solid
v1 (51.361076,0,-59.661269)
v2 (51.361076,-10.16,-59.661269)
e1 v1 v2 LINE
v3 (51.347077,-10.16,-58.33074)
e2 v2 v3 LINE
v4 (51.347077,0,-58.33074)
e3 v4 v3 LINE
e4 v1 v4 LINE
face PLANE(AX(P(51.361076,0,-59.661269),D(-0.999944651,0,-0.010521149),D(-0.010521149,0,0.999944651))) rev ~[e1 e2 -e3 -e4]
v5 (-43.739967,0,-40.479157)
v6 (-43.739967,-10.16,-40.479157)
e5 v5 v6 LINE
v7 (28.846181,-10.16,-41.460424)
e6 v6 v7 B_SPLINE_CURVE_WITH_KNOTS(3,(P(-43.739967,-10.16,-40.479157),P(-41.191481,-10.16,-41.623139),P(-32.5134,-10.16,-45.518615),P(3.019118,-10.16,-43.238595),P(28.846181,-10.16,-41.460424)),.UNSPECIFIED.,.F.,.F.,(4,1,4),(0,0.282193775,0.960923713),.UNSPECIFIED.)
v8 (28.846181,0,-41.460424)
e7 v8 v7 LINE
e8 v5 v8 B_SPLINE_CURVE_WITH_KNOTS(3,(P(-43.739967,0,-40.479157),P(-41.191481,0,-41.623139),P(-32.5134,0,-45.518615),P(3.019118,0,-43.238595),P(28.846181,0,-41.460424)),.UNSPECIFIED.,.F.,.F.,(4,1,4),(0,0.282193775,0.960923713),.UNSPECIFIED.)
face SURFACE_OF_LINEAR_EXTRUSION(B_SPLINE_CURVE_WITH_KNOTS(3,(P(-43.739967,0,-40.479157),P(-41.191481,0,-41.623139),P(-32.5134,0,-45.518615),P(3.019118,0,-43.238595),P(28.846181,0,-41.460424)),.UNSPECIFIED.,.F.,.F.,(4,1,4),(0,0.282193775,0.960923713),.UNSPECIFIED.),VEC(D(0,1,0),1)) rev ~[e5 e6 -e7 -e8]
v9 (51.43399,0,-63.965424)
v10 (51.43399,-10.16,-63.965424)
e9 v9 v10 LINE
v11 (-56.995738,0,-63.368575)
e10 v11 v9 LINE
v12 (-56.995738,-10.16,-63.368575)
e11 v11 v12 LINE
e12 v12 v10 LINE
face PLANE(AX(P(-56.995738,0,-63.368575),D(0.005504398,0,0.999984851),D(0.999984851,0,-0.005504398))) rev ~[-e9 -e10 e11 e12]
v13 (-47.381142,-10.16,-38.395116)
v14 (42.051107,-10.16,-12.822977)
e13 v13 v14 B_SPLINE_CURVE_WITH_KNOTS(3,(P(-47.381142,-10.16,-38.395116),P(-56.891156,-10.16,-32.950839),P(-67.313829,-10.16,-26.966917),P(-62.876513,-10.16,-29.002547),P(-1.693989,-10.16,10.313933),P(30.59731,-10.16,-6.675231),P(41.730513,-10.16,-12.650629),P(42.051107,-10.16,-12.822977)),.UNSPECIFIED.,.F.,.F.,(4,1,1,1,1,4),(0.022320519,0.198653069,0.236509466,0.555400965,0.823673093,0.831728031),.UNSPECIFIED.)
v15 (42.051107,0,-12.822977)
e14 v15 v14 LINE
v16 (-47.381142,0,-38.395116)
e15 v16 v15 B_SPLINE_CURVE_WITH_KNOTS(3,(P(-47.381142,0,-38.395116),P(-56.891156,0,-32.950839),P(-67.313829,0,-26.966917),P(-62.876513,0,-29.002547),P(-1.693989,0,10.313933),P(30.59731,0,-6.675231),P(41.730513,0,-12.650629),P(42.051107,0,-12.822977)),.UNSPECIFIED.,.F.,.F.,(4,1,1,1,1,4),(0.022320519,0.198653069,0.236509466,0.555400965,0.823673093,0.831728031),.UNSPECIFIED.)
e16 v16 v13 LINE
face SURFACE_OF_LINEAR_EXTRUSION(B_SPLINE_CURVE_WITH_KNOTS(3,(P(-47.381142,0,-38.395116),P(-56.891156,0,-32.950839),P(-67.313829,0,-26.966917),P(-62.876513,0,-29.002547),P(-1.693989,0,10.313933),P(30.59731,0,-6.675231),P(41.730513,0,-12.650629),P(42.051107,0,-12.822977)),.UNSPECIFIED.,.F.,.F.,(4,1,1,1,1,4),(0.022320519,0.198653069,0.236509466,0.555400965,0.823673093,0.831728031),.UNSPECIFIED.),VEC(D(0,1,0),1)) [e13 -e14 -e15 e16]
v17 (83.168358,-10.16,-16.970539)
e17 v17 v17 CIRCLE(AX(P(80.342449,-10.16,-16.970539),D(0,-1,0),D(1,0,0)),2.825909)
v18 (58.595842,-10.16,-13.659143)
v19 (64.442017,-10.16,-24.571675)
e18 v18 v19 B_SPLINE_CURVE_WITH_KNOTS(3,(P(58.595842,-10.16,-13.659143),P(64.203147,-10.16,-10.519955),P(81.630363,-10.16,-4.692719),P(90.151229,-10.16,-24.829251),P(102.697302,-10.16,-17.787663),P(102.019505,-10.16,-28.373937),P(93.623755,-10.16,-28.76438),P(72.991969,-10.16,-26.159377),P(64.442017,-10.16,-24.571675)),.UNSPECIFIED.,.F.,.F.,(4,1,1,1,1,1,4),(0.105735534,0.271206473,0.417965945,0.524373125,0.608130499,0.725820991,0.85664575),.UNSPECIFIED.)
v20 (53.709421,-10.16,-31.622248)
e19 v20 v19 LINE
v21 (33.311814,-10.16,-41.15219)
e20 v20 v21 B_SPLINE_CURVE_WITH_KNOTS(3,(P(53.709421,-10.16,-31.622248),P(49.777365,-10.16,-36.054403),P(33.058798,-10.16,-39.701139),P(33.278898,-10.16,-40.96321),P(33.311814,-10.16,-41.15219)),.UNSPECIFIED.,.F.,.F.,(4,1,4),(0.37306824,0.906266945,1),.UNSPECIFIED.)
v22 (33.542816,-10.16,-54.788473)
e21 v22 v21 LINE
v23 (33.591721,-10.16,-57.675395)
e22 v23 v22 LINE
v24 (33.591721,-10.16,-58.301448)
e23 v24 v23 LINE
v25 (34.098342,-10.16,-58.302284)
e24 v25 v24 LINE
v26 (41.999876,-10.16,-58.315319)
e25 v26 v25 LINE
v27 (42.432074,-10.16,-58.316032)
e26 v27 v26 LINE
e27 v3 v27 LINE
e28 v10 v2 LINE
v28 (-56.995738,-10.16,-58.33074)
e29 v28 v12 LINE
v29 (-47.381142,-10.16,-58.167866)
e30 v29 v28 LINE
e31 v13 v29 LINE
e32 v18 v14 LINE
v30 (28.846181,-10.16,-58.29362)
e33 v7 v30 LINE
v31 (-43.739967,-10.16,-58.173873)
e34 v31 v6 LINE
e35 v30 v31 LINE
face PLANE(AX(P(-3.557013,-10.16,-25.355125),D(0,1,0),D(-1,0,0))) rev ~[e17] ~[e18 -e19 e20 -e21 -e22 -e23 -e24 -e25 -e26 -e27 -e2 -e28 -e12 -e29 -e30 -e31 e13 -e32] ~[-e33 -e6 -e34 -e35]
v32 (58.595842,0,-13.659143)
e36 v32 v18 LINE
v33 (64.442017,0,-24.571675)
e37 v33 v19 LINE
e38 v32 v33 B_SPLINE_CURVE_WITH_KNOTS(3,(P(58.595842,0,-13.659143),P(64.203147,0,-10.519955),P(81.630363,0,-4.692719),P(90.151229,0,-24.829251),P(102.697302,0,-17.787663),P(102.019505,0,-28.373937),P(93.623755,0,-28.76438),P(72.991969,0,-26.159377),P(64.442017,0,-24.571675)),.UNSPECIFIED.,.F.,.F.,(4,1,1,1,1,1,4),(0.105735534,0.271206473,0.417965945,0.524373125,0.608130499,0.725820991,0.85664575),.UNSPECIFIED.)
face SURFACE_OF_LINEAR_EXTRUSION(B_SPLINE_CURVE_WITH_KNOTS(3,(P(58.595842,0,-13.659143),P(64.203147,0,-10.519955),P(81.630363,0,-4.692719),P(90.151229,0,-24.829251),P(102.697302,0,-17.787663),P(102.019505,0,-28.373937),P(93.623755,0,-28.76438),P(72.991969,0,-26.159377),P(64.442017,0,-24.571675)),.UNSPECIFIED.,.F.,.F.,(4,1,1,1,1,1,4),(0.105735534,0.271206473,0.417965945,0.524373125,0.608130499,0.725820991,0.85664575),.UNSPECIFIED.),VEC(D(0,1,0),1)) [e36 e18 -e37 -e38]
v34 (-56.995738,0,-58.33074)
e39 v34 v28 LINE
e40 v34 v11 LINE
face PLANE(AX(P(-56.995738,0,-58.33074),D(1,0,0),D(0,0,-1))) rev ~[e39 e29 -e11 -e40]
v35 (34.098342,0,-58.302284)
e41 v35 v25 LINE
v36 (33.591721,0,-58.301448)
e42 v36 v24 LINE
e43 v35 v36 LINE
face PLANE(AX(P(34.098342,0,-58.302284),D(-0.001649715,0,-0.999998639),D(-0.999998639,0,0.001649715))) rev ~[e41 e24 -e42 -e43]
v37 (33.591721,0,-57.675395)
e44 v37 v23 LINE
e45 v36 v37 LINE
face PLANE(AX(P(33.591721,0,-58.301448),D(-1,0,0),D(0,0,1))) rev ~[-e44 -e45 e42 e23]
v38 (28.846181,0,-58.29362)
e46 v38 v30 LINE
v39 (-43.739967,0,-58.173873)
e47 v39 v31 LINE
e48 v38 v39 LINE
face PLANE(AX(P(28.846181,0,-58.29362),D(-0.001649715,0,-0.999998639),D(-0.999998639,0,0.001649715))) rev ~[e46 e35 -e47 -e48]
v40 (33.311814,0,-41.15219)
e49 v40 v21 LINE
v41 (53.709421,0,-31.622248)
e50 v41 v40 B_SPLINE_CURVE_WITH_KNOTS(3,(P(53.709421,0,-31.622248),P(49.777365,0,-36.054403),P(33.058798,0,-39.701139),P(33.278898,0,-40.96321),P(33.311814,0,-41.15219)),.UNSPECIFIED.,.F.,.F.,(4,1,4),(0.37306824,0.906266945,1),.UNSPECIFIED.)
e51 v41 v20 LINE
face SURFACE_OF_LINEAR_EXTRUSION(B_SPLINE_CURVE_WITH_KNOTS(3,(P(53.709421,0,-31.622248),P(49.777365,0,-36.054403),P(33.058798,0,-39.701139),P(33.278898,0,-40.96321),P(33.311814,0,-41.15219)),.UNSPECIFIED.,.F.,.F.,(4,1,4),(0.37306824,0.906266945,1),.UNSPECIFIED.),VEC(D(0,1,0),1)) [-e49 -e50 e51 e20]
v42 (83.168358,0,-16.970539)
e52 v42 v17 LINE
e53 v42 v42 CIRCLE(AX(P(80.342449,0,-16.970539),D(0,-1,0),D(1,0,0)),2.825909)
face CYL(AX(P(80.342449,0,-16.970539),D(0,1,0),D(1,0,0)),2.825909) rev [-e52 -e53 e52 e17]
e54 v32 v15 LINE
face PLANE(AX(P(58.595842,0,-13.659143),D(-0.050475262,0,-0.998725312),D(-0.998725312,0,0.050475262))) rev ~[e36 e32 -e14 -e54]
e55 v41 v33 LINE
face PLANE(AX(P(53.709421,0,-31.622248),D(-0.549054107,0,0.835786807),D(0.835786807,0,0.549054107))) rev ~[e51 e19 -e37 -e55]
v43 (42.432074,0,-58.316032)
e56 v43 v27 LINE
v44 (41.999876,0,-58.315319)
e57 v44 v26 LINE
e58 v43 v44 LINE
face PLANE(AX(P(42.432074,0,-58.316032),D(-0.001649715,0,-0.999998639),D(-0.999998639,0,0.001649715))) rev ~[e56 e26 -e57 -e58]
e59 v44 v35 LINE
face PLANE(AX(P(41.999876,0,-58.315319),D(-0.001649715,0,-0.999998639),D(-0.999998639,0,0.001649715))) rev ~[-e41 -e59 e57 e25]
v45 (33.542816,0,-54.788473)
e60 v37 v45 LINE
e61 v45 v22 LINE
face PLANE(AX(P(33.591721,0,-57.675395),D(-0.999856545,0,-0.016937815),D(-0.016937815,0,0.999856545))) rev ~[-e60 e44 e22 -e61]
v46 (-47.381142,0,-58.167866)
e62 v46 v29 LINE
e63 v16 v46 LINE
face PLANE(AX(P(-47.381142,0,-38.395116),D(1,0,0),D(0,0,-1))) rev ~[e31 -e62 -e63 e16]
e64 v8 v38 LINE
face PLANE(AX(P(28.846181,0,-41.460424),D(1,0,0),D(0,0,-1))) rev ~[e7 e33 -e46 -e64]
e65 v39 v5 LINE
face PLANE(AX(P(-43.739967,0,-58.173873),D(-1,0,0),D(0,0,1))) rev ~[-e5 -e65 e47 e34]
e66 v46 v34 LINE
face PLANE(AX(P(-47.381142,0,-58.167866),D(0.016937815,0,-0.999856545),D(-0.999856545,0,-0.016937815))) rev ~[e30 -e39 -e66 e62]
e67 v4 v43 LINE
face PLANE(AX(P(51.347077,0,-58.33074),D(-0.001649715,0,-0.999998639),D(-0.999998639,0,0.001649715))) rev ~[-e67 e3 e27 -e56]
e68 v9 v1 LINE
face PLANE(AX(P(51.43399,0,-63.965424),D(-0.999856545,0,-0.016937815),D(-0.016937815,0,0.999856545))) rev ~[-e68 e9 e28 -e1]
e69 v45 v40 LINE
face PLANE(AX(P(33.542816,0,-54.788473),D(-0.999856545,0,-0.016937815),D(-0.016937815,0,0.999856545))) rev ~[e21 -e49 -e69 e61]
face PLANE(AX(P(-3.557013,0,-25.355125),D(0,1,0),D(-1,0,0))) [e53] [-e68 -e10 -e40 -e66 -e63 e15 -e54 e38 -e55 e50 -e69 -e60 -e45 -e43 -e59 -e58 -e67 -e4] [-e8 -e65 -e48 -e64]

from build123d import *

# Parameters (mm, degrees)
F0_R     = 2.8259087291
F1_DEPTH = 10.16


with BuildPart() as f1:
    # F0 (on Front) → F1 (new body)
    with BuildSketch(Plane.XZ):
        with BuildLine():
            add(Edge.make_bspline(
                [(-43.7399670482, -40.47915712), (-44.9586562009, -39.7817104143), (-46.1773453537, -39.0842637086), (-47.3811415357, -38.3951164495)],
                knots=[0, 0, 0, 0, 0.0223205188, 0.0223205188, 0.0223205188, 0.0223205188], degree=3))
            add(Edge.make_bspline(
                [(-43.7399670482, -40.47915712), (-41.1914811051, -41.6231387063), (-32.5133996123, -45.5186145514), (3.0191182172, -43.2385954669), (28.8461810098, -41.4604244011)],
                knots=[0, 0, 0, 0, 0.2821937748, 0.960923713, 0.960923713, 0.960923713, 0.960923713], degree=3))
            add(Edge.make_bspline(
                [(28.8461810098, -41.4604244011), (30.3331136801, -41.3580503653), (31.8224638749, -41.2551203912), (33.3118140697, -41.1521904171)],
                knots=[0.960923713, 0.960923713, 0.960923713, 0.960923713, 1, 1, 1, 1], degree=3))
            add(Edge.make_bspline(
                [(53.7094205558, -31.622248167), (49.7773652594, -36.0544030632), (33.0587975125, -39.7011387081), (33.2788979141, -40.9632103177), (33.3118140697, -41.1521904171)],
                knots=[0.3730682405, 0.3730682405, 0.3730682405, 0.3730682405, 0.9062669448, 1, 1, 1, 1], degree=3))
            add(Edge.make_bspline(
                [(51.8920645118, -21.0052579641), (54.1758076153, -24.7686521775), (56.4605993174, -28.5211599322), (53.7094205558, -31.622248167)],
                knots=[0, 0, 0, 0, 0.3730682405, 0.3730682405, 0.3730682405, 0.3730682405], degree=3))
            add(Edge.make_bspline(
                [(51.8920645118, -21.0052579641), (51.1834369424, -20.4129051596), (51.4232910982, -19.8493309374), (51.8920645118, -19.1696472466)],
                knots=[0.9513700936, 0.9513700936, 0.9513700936, 0.9513700936, 1, 1, 1, 1], degree=3))
            add(Edge.make_bspline(
                [(42.0511067779, -12.8229769952), (47.2719616146, -15.6296606014), (52.1371553449, -18.3325961205), (51.6656503341, -19.2248583276), (51.8254802272, -19.1858838196), (51.8920645118, -19.1696472466)],
                knots=[0.8317280314, 0.8317280314, 0.8317280314, 0.8317280314, 0.9629023437, 0.9845453134, 1, 1, 1, 1], degree=3))
            add(Edge.make_bspline(
                [(-47.3811415357, -38.3951164495), (-56.8911557158, -32.9508391677), (-67.3138294514, -26.9669165777), (-62.8765127832, -29.0025472718), (-1.6939888345, 10.3139326932), (30.5973101031, -6.6752314455), (41.7305130556, -12.6506287547), (42.0511067779, -12.8229769952)],
                knots=[0.0223205188, 0.0223205188, 0.0223205188, 0.0223205188, 0.1986530689, 0.2365094657, 0.5554009653, 0.8236730935, 0.8317280314, 0.8317280314, 0.8317280314, 0.8317280314], degree=3))
        make_face()
        with BuildLine():
            Line((-43.7399670482, -57.6492734253), (-43.7399670482, -40.47915712))
            add(Edge.make_bspline(
                [(-43.7399670482, -40.47915712), (-44.9586562009, -39.7817104143), (-46.1773453537, -39.0842637086), (-47.3811415357, -38.3951164495)],
                knots=[0, 0, 0, 0, 0.0223205188, 0.0223205188, 0.0223205188, 0.0223205188], degree=3))
            Line((-47.3811415357, -38.3951164495), (-47.3811415357, -58.1678660724))
            Line((-47.3811415357, -58.1678660724), (-43.7399670482, -58.17387298))
            Line((-43.7399670482, -58.17387298), (-43.7399670482, -57.6492734253))
        make_face()
        Polygon((28.8461810098, -58.2936195855), (-43.7399670482, -58.17387298), (-47.3811415357, -58.1678660724), (-56.995738265, -58.3307396969), (-56.995738265, -63.368574736), (51.4339898096, -63.9654241077), (51.3610763604, -59.6612685854), (51.3470768929, -58.3307396969), (42.4320744281, -58.3160324654), (41.9998763789, -58.3153194609), (34.0983423501, -58.3022841655), (33.5917212069, -58.301448384), align=None)
        with BuildLine():
            add(Edge.make_bspline(
                [(28.8461810098, -41.4604244011), (30.3331136801, -41.3580503653), (31.8224638749, -41.2551203912), (33.3118140697, -41.1521904171)],
                knots=[0.960923713, 0.960923713, 0.960923713, 0.960923713, 1, 1, 1, 1], degree=3))
            Line((28.8461810098, -41.4604244011), (28.8461810098, -57.6492734253))
            Line((28.8461810098, -57.6492734253), (28.8461810098, -58.2936195855))
            Line((28.8461810098, -58.2936195855), (33.5917212069, -58.301448384))
            Line((33.5917212069, -58.301448384), (33.5917212069, -57.6753951609))
            Line((33.5917212069, -57.6753951609), (33.5428160355, -54.7884728446))
            Line((33.5428160355, -54.7884728446), (33.3118140697, -41.1521904171))
        make_face()
        with BuildLine():
            add(Edge.make_bspline(
                [(51.8920645118, -19.1696472466), (52.9113139958, -17.6918175936), (55.0127880365, -15.6650759818), (58.5958421215, -13.6591426916)],
                knots=[0, 0, 0, 0, 0.1057355336, 0.1057355336, 0.1057355336, 0.1057355336], degree=3))
            add(Edge.make_bspline(
                [(51.8920645118, -21.0052579641), (51.1834369424, -20.4129051596), (51.4232910982, -19.8493309374), (51.8920645118, -19.1696472466)],
                knots=[0.9513700936, 0.9513700936, 0.9513700936, 0.9513700936, 1, 1, 1, 1], degree=3))
            add(Edge.make_bspline(
                [(64.4420165886, -24.5716751218), (58.2513791195, -23.422091658), (53.2723731866, -22.1590794495), (51.8920645118, -21.0052579641)],
                knots=[0.8566457495, 0.8566457495, 0.8566457495, 0.8566457495, 0.9513700936, 0.9513700936, 0.9513700936, 0.9513700936], degree=3))
            add(Edge.make_bspline(
                [(58.5958421215, -13.6591426916), (64.2031465359, -10.5199551921), (81.6303625102, -4.6927192338), (90.1512286224, -24.829251301), (102.6973019856, -17.7876630707), (102.0195048252, -28.3739373092), (93.6237553802, -28.7643797852), (72.9919691988, -26.1593765801), (64.4420165886, -24.5716751218)],
                knots=[0.1057355336, 0.1057355336, 0.1057355336, 0.1057355336, 0.2712064728, 0.4179659451, 0.5243731254, 0.6081304995, 0.7258209908, 0.8566457495, 0.8566457495, 0.8566457495, 0.8566457495], degree=3))
        make_face()
        with Locations((80.3424492478, -16.9705394655)):
            Circle(F0_R, mode=Mode.SUBTRACT)
        with BuildLine():
            add(Edge.make_bspline(
                [(51.8920645118, -21.0052579641), (54.1758076153, -24.7686521775), (56.4605993174, -28.5211599322), (53.7094205558, -31.622248167)],
                knots=[0, 0, 0, 0, 0.3730682405, 0.3730682405, 0.3730682405, 0.3730682405], degree=3))
            Line((53.7094205558, -31.622248167), (64.4420165886, -24.5716751218))
            add(Edge.make_bspline(
                [(64.4420165886, -24.5716751218), (58.2513791195, -23.422091658), (53.2723731866, -22.1590794495), (51.8920645118, -21.0052579641)],
                knots=[0.8566457495, 0.8566457495, 0.8566457495, 0.8566457495, 0.9513700936, 0.9513700936, 0.9513700936, 0.9513700936], degree=3))
        make_face()
        with BuildLine():
            Line((58.5958421215, -13.6591426916), (42.0511067779, -12.8229769952))
            add(Edge.make_bspline(
                [(42.0511067779, -12.8229769952), (47.2719616146, -15.6296606014), (52.1371553449, -18.3325961205), (51.6656503341, -19.2248583276), (51.8254802272, -19.1858838196), (51.8920645118, -19.1696472466)],
                knots=[0.8317280314, 0.8317280314, 0.8317280314, 0.8317280314, 0.9629023437, 0.9845453134, 1, 1, 1, 1], degree=3))
            add(Edge.make_bspline(
                [(51.8920645118, -19.1696472466), (52.9113139958, -17.6918175936), (55.0127880365, -15.6650759818), (58.5958421215, -13.6591426916)],
                knots=[0, 0, 0, 0, 0.1057355336, 0.1057355336, 0.1057355336, 0.1057355336], degree=3))
        make_face()
    extrude(amount=F1_DEPTH)


solid = f1.part
